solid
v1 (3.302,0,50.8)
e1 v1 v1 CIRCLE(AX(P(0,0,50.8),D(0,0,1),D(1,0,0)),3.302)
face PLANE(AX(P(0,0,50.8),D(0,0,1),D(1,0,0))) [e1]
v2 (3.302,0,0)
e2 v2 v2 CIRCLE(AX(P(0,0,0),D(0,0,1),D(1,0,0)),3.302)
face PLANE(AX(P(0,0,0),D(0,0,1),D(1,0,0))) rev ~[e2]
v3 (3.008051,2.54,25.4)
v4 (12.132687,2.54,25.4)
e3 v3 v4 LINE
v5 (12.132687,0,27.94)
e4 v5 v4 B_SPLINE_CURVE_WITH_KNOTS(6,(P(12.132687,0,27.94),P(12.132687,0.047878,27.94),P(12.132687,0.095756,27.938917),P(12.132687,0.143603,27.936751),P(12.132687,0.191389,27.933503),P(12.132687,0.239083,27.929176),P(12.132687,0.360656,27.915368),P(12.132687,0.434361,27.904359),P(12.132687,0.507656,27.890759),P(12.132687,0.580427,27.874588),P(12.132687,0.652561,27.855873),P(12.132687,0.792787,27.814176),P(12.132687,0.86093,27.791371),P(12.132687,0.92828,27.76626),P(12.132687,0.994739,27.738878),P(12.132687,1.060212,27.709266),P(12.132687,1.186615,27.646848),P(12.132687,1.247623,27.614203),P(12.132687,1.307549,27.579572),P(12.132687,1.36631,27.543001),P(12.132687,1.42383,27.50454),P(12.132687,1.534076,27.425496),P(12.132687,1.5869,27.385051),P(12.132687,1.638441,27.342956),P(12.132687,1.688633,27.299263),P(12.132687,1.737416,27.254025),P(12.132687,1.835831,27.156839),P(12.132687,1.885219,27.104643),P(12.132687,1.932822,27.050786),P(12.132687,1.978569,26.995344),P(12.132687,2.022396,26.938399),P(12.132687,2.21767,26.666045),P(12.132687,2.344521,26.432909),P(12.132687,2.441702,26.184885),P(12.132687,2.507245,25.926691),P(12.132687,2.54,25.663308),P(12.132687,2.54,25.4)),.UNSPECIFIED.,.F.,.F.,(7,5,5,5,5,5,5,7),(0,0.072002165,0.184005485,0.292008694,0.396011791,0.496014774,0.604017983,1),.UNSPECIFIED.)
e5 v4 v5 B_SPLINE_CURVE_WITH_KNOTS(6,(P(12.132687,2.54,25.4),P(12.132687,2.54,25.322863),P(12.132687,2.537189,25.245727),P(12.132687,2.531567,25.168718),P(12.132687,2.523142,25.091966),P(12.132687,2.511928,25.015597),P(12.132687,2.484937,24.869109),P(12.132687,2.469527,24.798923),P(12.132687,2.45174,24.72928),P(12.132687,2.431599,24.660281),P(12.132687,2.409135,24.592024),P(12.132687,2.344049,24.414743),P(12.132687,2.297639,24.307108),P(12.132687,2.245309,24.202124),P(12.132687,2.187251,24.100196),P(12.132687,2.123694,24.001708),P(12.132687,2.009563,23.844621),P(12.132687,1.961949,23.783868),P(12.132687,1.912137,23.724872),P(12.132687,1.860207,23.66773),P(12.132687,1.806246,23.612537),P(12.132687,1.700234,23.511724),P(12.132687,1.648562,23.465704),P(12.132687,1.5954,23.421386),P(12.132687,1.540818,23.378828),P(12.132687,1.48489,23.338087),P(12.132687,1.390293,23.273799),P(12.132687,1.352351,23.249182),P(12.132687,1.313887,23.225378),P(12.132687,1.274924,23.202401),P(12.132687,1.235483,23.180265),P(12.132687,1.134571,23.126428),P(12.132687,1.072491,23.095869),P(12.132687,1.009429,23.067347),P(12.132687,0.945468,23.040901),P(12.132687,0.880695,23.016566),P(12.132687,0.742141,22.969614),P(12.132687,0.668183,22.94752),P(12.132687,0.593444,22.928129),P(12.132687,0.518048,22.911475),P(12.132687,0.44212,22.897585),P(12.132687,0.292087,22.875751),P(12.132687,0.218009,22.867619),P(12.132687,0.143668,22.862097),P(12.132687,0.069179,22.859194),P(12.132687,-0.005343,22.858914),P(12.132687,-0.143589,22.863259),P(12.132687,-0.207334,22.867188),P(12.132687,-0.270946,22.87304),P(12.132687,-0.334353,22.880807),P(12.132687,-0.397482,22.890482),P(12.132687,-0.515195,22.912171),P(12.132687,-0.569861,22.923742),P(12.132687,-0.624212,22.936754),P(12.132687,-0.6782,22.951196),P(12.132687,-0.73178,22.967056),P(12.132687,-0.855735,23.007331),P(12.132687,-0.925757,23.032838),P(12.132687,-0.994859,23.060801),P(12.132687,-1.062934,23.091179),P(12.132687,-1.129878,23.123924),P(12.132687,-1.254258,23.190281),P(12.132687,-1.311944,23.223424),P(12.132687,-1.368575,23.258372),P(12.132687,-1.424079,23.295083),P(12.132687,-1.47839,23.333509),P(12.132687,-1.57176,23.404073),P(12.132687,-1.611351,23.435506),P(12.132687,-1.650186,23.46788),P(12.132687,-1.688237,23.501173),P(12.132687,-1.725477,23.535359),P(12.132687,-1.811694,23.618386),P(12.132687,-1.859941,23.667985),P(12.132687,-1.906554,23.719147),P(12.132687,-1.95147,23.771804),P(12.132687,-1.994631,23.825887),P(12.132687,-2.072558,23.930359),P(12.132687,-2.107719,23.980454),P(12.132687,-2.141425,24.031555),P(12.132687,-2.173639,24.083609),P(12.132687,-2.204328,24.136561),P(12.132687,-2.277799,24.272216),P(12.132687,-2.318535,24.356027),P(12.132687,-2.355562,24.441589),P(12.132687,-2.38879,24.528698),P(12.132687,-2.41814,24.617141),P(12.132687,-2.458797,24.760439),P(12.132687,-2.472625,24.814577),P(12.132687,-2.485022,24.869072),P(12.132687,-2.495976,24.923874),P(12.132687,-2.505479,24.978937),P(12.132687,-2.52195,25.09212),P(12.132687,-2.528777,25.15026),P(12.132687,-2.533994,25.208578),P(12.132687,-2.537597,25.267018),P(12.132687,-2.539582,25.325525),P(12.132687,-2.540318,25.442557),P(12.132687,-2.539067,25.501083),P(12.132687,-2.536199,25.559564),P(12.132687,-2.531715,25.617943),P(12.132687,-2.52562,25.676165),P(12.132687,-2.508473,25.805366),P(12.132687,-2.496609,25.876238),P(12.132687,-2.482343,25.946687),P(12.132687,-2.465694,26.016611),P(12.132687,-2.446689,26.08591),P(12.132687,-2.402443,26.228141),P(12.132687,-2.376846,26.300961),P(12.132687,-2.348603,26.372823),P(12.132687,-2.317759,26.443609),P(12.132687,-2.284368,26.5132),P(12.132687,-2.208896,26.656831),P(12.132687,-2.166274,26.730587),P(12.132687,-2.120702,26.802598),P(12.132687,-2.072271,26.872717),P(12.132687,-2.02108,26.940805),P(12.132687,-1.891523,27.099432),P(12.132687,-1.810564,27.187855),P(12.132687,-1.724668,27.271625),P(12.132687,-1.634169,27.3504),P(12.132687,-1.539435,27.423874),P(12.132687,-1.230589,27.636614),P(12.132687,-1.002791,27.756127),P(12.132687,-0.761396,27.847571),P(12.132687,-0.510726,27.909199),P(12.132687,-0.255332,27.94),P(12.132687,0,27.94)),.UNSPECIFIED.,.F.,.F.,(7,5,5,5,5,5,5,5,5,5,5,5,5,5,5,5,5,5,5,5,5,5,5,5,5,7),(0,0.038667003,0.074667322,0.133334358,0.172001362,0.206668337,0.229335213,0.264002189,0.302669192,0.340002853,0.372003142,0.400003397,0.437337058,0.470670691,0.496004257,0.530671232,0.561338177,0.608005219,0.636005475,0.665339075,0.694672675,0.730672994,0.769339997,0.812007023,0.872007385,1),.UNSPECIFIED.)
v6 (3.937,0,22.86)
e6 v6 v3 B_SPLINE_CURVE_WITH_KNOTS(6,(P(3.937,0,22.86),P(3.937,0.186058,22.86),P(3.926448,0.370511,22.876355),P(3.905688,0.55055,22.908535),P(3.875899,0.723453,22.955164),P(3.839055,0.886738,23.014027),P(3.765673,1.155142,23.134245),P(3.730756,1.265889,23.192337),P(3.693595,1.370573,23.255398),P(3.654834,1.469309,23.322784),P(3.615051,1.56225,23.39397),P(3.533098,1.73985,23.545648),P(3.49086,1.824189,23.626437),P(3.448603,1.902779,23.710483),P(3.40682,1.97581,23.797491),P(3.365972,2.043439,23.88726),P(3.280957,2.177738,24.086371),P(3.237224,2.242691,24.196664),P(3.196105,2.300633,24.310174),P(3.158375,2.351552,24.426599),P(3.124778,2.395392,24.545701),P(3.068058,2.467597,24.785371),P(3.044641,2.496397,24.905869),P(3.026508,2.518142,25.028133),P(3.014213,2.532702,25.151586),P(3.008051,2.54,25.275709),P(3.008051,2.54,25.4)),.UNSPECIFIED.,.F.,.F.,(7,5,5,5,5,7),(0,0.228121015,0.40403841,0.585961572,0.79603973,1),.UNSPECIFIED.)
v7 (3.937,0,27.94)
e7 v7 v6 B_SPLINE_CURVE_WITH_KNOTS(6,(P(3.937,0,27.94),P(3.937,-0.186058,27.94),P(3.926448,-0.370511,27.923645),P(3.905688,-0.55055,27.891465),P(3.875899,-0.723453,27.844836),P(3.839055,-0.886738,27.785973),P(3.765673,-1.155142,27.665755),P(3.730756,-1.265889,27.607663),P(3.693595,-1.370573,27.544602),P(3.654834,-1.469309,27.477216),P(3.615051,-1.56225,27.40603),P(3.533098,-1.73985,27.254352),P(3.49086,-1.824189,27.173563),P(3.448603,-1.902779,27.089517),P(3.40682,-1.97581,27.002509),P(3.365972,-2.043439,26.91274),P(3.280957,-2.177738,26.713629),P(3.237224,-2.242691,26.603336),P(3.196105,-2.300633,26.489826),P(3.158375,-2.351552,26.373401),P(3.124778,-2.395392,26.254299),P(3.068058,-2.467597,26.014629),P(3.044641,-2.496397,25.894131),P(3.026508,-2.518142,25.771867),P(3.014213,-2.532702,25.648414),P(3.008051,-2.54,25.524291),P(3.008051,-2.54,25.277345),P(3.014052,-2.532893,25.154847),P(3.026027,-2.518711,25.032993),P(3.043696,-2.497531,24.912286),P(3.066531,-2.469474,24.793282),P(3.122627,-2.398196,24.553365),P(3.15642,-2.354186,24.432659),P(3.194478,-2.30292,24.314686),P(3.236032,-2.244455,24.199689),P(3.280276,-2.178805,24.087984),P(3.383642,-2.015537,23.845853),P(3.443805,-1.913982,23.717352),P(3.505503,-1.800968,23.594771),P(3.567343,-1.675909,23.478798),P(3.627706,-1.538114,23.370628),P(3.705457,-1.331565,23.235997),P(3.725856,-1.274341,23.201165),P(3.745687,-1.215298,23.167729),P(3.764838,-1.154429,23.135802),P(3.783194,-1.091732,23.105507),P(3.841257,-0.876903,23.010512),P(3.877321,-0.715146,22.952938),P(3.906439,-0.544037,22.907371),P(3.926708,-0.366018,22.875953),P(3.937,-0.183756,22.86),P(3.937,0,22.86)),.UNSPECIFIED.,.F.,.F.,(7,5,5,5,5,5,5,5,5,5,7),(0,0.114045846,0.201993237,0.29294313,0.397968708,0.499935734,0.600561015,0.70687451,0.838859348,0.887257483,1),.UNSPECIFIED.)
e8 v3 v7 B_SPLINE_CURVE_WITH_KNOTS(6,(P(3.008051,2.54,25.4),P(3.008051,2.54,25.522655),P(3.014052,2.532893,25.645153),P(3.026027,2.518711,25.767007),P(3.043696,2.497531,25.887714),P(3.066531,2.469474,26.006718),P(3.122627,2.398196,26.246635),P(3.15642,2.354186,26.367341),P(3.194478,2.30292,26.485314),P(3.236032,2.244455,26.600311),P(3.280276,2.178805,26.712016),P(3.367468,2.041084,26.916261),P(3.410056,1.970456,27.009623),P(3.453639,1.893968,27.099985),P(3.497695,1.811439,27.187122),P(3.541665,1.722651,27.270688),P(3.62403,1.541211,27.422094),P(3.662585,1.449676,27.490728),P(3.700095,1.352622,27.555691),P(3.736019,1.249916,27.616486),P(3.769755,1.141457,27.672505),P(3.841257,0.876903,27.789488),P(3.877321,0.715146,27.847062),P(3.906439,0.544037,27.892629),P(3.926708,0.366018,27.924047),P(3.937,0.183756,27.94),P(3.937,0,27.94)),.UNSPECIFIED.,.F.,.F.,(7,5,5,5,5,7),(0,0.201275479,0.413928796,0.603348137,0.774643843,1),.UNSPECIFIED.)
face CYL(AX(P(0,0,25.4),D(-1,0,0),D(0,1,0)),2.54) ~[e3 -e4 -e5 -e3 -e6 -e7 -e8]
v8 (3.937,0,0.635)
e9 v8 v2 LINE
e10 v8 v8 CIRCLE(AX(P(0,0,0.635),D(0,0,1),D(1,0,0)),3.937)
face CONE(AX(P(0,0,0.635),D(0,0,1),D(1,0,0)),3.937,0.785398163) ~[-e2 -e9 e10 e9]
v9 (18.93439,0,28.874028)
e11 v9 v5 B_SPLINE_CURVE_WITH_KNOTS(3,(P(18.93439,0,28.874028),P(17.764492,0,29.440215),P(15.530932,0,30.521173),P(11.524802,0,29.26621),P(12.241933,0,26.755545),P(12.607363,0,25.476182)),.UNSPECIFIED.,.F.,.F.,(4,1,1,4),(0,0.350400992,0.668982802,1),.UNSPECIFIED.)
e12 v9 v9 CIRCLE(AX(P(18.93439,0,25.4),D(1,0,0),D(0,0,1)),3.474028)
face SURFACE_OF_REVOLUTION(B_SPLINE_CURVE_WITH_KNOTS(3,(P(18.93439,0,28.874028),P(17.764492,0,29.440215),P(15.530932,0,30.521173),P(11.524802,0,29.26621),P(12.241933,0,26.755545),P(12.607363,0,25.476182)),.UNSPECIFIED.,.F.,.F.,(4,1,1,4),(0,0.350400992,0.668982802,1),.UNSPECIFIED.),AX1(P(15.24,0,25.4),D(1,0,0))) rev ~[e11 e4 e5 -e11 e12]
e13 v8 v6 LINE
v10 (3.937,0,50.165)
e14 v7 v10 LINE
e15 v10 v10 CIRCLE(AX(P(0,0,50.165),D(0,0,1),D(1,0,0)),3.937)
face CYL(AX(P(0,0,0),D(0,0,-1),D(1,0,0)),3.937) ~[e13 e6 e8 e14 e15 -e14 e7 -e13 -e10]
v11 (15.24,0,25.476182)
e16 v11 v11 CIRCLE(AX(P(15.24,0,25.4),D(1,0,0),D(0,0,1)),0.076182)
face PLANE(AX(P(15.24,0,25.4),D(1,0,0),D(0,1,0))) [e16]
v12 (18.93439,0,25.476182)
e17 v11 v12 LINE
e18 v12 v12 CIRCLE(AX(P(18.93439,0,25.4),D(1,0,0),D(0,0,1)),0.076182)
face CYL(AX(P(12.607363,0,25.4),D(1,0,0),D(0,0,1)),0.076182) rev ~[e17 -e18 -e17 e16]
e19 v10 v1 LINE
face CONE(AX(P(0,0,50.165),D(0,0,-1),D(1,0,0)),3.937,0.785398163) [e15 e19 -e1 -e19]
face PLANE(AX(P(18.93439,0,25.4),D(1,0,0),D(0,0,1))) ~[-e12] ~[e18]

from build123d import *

# Parameters (mm, degrees)
F0_R     = 3.937
F1_DEPTH = 50.8
F2_R     = 2.54
F3_DEPTH = 15.24
F6_SIZE  = 0.635


with BuildPart() as f1:
    # F0 (on Top) → F1 (new body)
    with BuildSketch(Plane.XY):
        Circle(F0_R)
    extrude(amount=F1_DEPTH)

    # F2 (on Right) → F3 (join)
    with BuildSketch(Plane.YZ):
        with Locations((0, 25.4)):
            Circle(F2_R)
    extrude(amount=F3_DEPTH)

    # F4 (on Front) → F5 (revolve)
    with BuildSketch(Plane.XZ):
        with BuildLine():
            add(Edge.make_bspline(
                [(18.9343895763, 28.8740284741), (17.7644916054, 29.4402146526), (15.5309316536, 30.5211728258), (11.5248021674, 29.2662104574), (12.2419333681, 26.7555454392), (12.6073630527, 25.4761818796)],
                knots=[0, 0, 0, 0, 0.350400992, 0.6689828021, 1, 1, 1, 1], degree=3))
            Line((12.6073630527, 25.4761818796), (18.9343895763, 25.4761818796))
            Line((18.9343895763, 25.4761818796), (18.9343895763, 28.8740284741))
        make_face()
    revolve(axis=Axis((15.24, 0, 25.4), (1, 0, 0)))

    # F6
    f6_edges = [f1.edges().sort_by_distance(p)[0] for p in [
        (-3.937, 0, 50.8),
        (-3.937, 0, 0),
    ]]
    chamfer(f6_edges, length=F6_SIZE)


solid = f1.part
